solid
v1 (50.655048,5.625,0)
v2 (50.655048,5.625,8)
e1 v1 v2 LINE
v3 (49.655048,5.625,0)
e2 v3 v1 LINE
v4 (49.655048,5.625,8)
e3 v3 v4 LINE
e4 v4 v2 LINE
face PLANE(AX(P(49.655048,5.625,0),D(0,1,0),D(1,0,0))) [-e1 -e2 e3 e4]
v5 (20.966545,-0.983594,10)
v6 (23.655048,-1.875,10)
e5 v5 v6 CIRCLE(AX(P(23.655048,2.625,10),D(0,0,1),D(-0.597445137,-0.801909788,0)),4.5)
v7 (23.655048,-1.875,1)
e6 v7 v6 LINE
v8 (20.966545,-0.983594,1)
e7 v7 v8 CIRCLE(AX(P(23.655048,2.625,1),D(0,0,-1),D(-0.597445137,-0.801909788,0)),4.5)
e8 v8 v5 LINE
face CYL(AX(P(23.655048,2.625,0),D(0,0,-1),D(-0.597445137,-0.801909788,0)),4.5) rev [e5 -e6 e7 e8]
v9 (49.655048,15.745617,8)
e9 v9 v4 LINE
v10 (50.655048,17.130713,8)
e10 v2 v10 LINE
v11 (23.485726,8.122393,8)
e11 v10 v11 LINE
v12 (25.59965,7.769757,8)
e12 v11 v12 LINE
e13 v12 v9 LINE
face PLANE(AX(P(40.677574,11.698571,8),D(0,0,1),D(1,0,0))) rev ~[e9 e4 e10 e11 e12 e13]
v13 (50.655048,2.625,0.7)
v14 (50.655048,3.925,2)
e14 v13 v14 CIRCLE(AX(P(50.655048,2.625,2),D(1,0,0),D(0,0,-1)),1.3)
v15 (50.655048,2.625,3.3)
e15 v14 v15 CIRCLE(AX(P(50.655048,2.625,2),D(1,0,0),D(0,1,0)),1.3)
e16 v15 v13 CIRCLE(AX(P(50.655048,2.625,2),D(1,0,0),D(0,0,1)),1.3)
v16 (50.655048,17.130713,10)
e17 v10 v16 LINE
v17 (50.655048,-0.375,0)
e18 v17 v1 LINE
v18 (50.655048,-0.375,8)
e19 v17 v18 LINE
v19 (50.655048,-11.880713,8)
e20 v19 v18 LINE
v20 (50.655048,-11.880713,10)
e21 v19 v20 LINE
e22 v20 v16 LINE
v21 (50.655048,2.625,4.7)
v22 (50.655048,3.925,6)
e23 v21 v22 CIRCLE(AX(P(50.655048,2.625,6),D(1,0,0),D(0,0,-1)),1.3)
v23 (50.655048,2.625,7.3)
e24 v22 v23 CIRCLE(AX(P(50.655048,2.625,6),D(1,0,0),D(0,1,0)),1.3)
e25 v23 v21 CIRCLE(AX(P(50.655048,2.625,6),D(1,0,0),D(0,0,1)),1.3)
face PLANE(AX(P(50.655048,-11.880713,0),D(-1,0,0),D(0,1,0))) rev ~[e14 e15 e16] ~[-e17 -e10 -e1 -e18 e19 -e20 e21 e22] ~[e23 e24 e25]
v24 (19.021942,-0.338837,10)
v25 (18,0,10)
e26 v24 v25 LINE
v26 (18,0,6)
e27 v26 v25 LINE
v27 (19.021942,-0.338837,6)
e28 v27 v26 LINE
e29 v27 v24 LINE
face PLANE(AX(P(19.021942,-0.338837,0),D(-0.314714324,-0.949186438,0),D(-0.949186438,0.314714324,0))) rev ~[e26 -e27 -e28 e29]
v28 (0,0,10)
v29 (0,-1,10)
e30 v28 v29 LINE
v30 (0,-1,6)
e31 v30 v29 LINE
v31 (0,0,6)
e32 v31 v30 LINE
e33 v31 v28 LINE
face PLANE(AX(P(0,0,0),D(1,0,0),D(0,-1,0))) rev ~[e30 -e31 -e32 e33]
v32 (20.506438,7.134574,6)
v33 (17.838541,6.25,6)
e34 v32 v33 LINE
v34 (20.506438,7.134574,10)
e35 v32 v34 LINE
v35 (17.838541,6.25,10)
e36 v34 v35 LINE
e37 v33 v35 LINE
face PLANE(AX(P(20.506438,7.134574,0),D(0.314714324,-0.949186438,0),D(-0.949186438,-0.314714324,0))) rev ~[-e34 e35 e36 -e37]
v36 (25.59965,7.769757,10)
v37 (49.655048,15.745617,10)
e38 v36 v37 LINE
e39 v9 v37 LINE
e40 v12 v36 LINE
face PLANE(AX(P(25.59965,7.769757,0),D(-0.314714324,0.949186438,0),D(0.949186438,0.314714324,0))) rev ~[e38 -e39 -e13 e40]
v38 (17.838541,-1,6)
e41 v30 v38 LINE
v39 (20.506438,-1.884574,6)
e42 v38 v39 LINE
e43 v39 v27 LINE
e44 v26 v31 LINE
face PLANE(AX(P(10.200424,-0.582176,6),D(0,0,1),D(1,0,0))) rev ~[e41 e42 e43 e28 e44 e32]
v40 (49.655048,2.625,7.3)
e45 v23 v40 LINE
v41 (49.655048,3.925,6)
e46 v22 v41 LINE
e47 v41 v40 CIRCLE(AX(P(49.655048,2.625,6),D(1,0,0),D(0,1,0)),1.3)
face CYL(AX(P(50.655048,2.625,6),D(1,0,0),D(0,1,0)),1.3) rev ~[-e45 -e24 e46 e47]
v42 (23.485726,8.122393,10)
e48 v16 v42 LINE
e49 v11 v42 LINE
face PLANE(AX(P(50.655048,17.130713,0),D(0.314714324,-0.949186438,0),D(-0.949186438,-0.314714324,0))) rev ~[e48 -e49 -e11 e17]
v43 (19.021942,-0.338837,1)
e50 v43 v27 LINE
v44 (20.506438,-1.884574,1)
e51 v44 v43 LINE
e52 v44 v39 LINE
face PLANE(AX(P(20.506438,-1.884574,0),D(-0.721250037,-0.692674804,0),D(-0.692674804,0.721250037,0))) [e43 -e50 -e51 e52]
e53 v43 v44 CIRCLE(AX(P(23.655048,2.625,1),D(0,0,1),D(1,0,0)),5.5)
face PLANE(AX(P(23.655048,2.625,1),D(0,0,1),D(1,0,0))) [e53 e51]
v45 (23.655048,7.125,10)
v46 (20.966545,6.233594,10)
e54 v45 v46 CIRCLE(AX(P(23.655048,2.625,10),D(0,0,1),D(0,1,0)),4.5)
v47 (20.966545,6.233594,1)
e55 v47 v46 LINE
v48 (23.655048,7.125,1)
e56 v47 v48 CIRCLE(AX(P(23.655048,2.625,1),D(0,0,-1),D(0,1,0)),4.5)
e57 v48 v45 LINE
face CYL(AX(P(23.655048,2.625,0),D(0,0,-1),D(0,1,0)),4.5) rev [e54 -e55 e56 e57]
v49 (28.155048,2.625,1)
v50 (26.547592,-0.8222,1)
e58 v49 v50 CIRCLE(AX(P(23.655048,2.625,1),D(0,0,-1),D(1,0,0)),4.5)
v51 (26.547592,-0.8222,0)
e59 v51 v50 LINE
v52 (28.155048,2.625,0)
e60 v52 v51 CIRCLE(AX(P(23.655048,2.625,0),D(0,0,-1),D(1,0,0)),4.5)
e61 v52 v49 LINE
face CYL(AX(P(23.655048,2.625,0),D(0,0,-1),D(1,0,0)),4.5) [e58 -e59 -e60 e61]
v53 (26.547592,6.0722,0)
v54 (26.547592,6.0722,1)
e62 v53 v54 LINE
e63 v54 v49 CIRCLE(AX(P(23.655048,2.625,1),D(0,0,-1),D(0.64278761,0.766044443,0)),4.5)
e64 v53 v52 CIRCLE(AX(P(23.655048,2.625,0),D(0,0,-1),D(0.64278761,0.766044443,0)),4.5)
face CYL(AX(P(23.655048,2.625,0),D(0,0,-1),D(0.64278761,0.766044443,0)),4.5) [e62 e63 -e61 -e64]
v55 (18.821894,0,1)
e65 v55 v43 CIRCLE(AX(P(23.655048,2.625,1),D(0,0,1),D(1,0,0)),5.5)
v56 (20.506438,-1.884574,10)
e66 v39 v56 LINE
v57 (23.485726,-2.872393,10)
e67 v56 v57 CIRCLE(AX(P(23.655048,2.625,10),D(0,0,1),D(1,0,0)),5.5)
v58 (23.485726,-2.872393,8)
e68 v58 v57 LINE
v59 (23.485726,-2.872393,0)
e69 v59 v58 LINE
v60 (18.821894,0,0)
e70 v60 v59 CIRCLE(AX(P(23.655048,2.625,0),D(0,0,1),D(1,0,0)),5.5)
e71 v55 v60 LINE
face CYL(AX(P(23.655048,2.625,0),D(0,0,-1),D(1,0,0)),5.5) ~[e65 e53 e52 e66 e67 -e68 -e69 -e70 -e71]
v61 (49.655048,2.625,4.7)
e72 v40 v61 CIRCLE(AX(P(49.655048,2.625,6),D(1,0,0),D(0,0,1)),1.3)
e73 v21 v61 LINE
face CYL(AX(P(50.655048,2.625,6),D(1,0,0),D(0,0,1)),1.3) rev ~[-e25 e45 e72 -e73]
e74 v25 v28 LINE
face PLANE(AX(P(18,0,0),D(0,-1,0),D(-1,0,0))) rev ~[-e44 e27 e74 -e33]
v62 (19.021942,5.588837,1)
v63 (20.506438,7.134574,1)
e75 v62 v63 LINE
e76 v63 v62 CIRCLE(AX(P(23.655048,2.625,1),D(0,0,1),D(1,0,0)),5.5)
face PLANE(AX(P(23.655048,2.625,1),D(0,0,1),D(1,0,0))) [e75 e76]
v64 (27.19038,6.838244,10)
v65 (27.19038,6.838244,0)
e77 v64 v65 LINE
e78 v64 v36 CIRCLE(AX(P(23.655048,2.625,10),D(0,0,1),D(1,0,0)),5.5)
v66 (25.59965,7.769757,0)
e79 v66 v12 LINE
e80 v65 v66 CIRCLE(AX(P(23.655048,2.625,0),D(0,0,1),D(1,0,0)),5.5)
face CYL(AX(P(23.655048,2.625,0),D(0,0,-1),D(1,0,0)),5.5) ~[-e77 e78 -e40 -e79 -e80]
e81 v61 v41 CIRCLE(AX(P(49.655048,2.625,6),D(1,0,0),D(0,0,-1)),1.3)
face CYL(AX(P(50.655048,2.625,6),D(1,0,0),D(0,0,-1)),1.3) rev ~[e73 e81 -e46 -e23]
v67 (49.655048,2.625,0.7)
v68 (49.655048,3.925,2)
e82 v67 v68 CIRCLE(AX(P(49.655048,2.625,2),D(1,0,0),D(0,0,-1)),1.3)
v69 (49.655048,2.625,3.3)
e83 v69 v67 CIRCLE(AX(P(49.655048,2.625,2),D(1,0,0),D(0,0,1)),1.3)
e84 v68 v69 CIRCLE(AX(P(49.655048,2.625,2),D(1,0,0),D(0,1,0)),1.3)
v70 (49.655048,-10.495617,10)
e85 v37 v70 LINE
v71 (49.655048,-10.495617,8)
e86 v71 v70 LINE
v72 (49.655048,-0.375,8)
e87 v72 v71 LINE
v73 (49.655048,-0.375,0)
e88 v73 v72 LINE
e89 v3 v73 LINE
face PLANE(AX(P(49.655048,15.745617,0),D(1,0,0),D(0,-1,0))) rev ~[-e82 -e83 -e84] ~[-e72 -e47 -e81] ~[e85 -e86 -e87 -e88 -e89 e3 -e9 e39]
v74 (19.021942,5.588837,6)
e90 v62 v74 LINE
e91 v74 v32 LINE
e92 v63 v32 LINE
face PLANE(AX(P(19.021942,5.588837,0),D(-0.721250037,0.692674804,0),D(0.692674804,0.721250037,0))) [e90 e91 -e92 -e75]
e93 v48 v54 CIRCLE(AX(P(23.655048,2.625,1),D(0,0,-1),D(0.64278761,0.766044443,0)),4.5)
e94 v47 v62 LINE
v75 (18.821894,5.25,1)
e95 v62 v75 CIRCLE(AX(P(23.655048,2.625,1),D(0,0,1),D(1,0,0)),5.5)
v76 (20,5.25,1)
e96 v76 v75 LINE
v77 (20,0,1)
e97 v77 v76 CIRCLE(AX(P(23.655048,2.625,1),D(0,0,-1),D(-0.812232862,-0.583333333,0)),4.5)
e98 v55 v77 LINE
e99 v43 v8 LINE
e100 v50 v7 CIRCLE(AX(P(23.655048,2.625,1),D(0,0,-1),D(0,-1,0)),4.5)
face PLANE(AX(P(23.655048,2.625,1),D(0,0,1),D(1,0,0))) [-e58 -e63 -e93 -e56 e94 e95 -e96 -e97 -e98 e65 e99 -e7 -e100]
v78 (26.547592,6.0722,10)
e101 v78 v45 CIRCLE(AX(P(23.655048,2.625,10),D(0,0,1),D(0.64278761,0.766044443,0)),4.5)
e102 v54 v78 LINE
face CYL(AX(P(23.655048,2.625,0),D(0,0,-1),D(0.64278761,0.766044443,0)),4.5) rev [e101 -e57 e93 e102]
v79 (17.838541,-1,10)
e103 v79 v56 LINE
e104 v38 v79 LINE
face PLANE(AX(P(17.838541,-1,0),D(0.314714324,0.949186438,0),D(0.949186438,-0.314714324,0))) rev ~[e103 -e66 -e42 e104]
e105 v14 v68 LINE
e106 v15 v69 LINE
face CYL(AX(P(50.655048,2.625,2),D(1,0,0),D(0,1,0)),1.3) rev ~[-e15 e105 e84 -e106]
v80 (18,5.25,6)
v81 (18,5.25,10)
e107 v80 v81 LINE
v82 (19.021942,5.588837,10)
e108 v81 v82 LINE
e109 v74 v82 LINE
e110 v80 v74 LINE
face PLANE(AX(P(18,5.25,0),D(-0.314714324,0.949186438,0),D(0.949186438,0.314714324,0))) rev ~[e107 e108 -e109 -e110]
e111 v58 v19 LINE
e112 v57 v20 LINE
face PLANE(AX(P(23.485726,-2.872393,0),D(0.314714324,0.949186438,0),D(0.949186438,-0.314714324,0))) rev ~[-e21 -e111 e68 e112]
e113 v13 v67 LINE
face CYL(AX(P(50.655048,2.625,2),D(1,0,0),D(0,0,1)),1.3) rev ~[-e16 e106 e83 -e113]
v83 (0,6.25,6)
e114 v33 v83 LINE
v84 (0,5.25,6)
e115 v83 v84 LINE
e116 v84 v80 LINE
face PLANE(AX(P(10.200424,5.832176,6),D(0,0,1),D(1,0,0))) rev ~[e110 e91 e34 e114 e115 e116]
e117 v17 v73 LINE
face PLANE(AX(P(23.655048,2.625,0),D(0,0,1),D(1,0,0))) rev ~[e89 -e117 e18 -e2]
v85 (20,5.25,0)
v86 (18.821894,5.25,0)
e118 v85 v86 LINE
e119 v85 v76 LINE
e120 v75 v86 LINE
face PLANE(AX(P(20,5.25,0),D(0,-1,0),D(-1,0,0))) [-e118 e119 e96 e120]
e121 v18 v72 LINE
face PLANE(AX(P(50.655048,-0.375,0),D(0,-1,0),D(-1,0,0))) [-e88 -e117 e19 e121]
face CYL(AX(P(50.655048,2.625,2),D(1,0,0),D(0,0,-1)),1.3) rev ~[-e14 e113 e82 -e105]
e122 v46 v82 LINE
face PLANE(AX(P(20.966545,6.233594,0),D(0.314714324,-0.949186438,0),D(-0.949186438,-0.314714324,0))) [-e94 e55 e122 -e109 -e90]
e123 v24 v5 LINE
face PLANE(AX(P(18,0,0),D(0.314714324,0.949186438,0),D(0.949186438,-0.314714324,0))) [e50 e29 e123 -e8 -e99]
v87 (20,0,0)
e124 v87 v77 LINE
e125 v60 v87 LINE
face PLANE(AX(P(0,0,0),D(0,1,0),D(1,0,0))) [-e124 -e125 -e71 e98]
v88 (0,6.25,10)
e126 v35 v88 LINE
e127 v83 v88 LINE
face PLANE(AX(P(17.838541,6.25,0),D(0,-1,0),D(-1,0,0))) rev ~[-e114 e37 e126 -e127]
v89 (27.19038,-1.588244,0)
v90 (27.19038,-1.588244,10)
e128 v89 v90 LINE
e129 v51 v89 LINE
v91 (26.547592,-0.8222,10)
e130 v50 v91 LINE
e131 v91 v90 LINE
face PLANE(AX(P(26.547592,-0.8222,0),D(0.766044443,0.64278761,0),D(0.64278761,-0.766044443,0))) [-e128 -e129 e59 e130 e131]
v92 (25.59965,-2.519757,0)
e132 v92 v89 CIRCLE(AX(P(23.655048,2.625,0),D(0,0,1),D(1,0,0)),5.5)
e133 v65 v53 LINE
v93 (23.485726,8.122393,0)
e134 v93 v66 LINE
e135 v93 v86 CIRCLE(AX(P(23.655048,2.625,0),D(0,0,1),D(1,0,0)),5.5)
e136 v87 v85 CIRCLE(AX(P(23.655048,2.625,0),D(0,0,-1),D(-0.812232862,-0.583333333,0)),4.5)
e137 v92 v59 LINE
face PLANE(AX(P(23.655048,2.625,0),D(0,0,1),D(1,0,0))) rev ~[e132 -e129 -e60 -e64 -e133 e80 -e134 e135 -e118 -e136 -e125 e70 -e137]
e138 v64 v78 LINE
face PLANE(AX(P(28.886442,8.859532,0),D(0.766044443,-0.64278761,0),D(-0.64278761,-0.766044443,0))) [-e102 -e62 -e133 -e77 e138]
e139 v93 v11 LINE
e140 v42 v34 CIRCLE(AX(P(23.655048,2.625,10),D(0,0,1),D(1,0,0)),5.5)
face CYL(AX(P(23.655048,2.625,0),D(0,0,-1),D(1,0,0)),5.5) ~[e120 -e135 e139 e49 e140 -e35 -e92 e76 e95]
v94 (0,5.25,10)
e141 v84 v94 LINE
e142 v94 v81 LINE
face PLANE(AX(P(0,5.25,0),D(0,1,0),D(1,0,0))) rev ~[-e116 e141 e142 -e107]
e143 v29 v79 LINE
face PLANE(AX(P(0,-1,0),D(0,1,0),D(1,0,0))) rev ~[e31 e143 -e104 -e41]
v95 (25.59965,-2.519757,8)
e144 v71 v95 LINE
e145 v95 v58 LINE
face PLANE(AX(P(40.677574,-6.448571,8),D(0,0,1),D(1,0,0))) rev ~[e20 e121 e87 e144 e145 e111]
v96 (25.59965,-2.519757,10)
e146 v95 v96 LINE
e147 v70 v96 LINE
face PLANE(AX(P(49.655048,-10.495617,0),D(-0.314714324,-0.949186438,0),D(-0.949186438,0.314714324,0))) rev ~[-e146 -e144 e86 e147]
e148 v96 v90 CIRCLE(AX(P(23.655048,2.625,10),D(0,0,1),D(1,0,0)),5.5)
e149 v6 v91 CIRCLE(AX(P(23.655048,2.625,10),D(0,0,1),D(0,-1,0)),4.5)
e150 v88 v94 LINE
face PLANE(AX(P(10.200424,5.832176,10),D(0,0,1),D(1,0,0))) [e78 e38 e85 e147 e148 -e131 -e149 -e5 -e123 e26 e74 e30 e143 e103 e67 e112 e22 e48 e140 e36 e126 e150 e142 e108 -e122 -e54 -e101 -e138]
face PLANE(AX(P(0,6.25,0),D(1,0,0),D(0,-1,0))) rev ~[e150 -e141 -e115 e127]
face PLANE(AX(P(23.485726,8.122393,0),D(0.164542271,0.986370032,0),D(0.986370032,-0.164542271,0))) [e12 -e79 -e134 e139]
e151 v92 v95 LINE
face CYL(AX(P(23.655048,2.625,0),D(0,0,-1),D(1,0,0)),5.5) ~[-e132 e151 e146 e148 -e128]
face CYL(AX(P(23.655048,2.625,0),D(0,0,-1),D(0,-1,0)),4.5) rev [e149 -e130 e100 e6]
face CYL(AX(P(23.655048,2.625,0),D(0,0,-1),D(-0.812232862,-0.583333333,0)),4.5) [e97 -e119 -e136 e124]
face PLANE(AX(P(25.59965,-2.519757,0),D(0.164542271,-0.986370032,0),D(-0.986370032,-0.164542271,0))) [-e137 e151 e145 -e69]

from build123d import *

# Parameters (mm, degrees)
F1_R      = 5.5
F2_DEPTH  = 10
F3_DEPTH  = 10
F5_DEPTH  = 10
F6_DEPTH  = 6
F7_DEPTH  = 10
F8_DEPTH  = 1
F9_DEPTH  = 1
F10_W     = 1
F10_H     = 3
F11_DEPTH = 10
F12_DEPTH = 8
F14_DEPTH = 1


with BuildPart() as f2:
    # F1 (on Top) → F2 (new body)
    with BuildSketch(Plane.XY):
        with Locations((23.6550478793, 2.625)):
            Circle(F1_R)
    extrude(amount=F2_DEPTH)

    # F0 (on Top) → F3 (cut)
    with BuildSketch(Plane.XY):
        with BuildLine():
            ThreePointArc((28.1550478793, 2.625), (27.733432921, 0.7232178222), (26.5475921229, -0.822199994))
            Line((26.5475921229, -0.822199994), (28.8864416499, -3.6095323204))
            Line((28.8864416499, -3.6095323204), (49.6550478793, -10.4956166668))
            Line((49.6550478793, -10.4956166668), (49.6550478793, 2.625))
            Line((49.6550478793, 2.625), (28.1550478793, 2.625))
        make_face()
        with BuildLine():
            Line((28.8864416499, 8.8595323204), (26.5475921229, 6.072199994))
            ThreePointArc((26.5475921229, 6.072199994), (27.733432921, 4.5267821778), (28.1550478793, 2.625))
            Line((28.1550478793, 2.625), (49.6550478793, 2.625))
            Line((49.6550478793, 2.625), (49.6550478793, 15.7456166668))
            Line((49.6550478793, 15.7456166668), (28.8864416499, 8.8595323204))
        make_face()
        with BuildLine():
            Line((23.6550478793, 2.625), (23.6550478793, -1.875))
            ThreePointArc((23.6550478793, -1.875), (25.1941385243, -1.6036167935), (26.5475921229, -0.822199994))
            Line((26.5475921229, -0.822199994), (23.6550478793, 2.625))
        make_face()
        with BuildLine():
            ThreePointArc((20, 5.25), (19.1550478793, 2.625), (20, 0))
            ThreePointArc((20, 0), (20.4453712418, -0.5290411987), (20.9665447643, -0.9835940476))
            Line((20.9665447643, -0.9835940476), (23.6550478793, -1.875))
            Line((23.6550478793, -1.875), (23.6550478793, 2.625))
            Line((23.6550478793, 2.625), (23.6550478793, 7.125))
            Line((23.6550478793, 7.125), (20.9665447643, 6.2335940476))
            ThreePointArc((20.9665447643, 6.2335940476), (20.4453712418, 5.7790411987), (20, 5.25))
        make_face()
        with BuildLine():
            ThreePointArc((26.5475921229, 6.072199994), (25.1941385243, 6.8536167935), (23.6550478793, 7.125))
            Line((23.6550478793, 7.125), (23.6550478793, 2.625))
            Line((23.6550478793, 2.625), (26.5475921229, 6.072199994))
        make_face()
        with BuildLine():
            Line((26.5475921229, 6.072199994), (23.6550478793, 2.625))
            Line((23.6550478793, 2.625), (28.1550478793, 2.625))
            ThreePointArc((28.1550478793, 2.625), (27.733432921, 4.5267821778), (26.5475921229, 6.072199994))
        make_face()
        with BuildLine():
            Line((23.6550478793, 2.625), (26.5475921229, -0.822199994))
            ThreePointArc((26.5475921229, -0.822199994), (27.733432921, 0.7232178222), (28.1550478793, 2.625))
            Line((28.1550478793, 2.625), (23.6550478793, 2.625))
        make_face()
        with BuildLine():
            Line((23.6550478793, -1.875), (20.9665447643, -0.9835940476))
            ThreePointArc((20.9665447643, -0.9835940476), (22.2388334206, -1.6463389712), (23.6550478793, -1.875))
        make_face()
        with BuildLine():
            ThreePointArc((23.6550478793, 7.125), (22.2388334206, 6.8963389712), (20.9665447643, 6.2335940476))
            Line((20.9665447643, 6.2335940476), (23.6550478793, 7.125))
        make_face()
    extrude(amount=F3_DEPTH, mode=Mode.SUBTRACT)

    # F4 (on Top) → F5 (join)
    with BuildSketch(Plane.XY):
        Polygon((0, 5.25), (18, 5.25), (19.0219422369, 5.5888373954), (20.506438149, 7.1345739007), (17.8385406763, 6.25), (0, 6.25), align=None)
        Polygon((19.0219422369, -0.3388373954), (18, 0), (0, 0), (0, -1), (17.8385406763, -1), (20.506438149, -1.8845739007), align=None)
    extrude(amount=F5_DEPTH)

    # F4 (on Top) → F6 (cut)
    with BuildSketch(Plane.XY):
        Polygon((0, 5.25), (18, 5.25), (19.0219422369, 5.5888373954), (20.506438149, 7.1345739007), (17.8385406763, 6.25), (0, 6.25), align=None)
        Polygon((19.0219422369, -0.3388373954), (18, 0), (0, 0), (0, -1), (17.8385406763, -1), (20.506438149, -1.8845739007), align=None)
    extrude(amount=F6_DEPTH, mode=Mode.SUBTRACT)

    # F0 (on Top) → F7 (cut)
    with BuildSketch(Plane.XY):
        with BuildLine():
            Line((0, 5.25), (0, 0))
            Line((0, 0), (18, 0))
            Line((18, 0), (20, 0))
            ThreePointArc((20, 0), (19.1550478793, 2.625), (20, 5.25))
            Line((20, 5.25), (18, 5.25))
            Line((18, 5.25), (0, 5.25))
        make_face()
        with BuildLine():
            Line((20, 0), (18, 0))
            Line((18, 0), (20.9665447643, -0.9835940476))
            ThreePointArc((20.9665447643, -0.9835940476), (20.4453712418, -0.5290411987), (20, 0))
        make_face()
        with BuildLine():
            Line((20.9665447643, 6.2335940476), (18, 5.25))
            Line((18, 5.25), (20, 5.25))
            ThreePointArc((20, 5.25), (20.4453712418, 5.7790411987), (20.9665447643, 6.2335940476))
        make_face()
    extrude(amount=F7_DEPTH, mode=Mode.SUBTRACT)

    # F1 (on Top) → F8 (join)
    with BuildSketch(Plane.XY):
        with Locations((23.6550478793, 2.625)):
            Circle(F1_R)
    extrude(amount=F8_DEPTH)

    # F0 (on Top) → F9 (cut)
    with BuildSketch(Plane.XY):
        with BuildLine():
            Line((0, 5.25), (0, 0))
            Line((0, 0), (18, 0))
            Line((18, 0), (20, 0))
            ThreePointArc((20, 0), (19.1550478793, 2.625), (20, 5.25))
            Line((20, 5.25), (18, 5.25))
            Line((18, 5.25), (0, 5.25))
        make_face()
        with BuildLine():
            ThreePointArc((28.1550478793, 2.625), (27.733432921, 0.7232178222), (26.5475921229, -0.822199994))
            Line((26.5475921229, -0.822199994), (28.8864416499, -3.6095323204))
            Line((28.8864416499, -3.6095323204), (49.6550478793, -10.4956166668))
            Line((49.6550478793, -10.4956166668), (49.6550478793, 2.625))
            Line((49.6550478793, 2.625), (28.1550478793, 2.625))
        make_face()
        with BuildLine():
            Line((28.8864416499, 8.8595323204), (26.5475921229, 6.072199994))
            ThreePointArc((26.5475921229, 6.072199994), (27.733432921, 4.5267821778), (28.1550478793, 2.625))
            Line((28.1550478793, 2.625), (49.6550478793, 2.625))
            Line((49.6550478793, 2.625), (49.6550478793, 15.7456166668))
            Line((49.6550478793, 15.7456166668), (28.8864416499, 8.8595323204))
        make_face()
    extrude(amount=F9_DEPTH, mode=Mode.SUBTRACT)

    # F10 (on Top) → F11 (join)
    with BuildSketch(Plane.XY):
        Polygon((23.4857258463, 8.122393023), (25.5996504067, 7.7697566522), (49.6550478793, 15.7456166668), (49.6550478793, 5.625), (50.6550478793, 5.625), (50.6550478793, 17.1307126516), align=None)
        Polygon((50.6550478793, -0.375), (49.6550478793, -0.375), (49.6550478793, -10.4956166668), (25.5996504067, -2.5197566522), (23.4857258463, -2.872393023), (50.6550478793, -11.8807126516), align=None)
        with Locations((50.1550478793, 1.125)):
            Rectangle(F10_W, F10_H)
        with Locations((50.1550478793, 4.125)):
            Rectangle(F10_W, F10_H)
    extrude(amount=F11_DEPTH)

    # F10 (on Top) → F12 (cut)
    with BuildSketch(Plane.XY):
        Polygon((23.4857258463, 8.122393023), (25.5996504067, 7.7697566522), (49.6550478793, 15.7456166668), (49.6550478793, 5.625), (50.6550478793, 5.625), (50.6550478793, 17.1307126516), align=None)
        Polygon((50.6550478793, -0.375), (49.6550478793, -0.375), (49.6550478793, -10.4956166668), (25.5996504067, -2.5197566522), (23.4857258463, -2.872393023), (50.6550478793, -11.8807126516), align=None)
    extrude(amount=F12_DEPTH, mode=Mode.SUBTRACT)

    # F13 (on face) → F14 (cut)
    with BuildSketch(Plane.YZ.offset(50.6550478793)):
        with BuildLine():
            ThreePointArc((2.625, 4.7), (3.5442388155, 5.0807611845), (3.925, 6))
            ThreePointArc((3.925, 6), (3.5442388155, 6.9192388155), (2.625, 7.3))
            Line((2.625, 7.3), (2.625, 4.7))
        make_face()
        with BuildLine():
            ThreePointArc((3.925, 2), (3.5442388155, 2.9192388155), (2.625, 3.3))
            Line((2.625, 3.3), (2.625, 0.7))
            ThreePointArc((2.625, 0.7), (3.5442388155, 1.0807611845), (3.925, 2))
        make_face()
        with BuildLine():
            Line((2.625, 0.7), (2.625, 3.3))
            ThreePointArc((2.625, 3.3), (1.325, 2), (2.625, 0.7))
        make_face()
        with BuildLine():
            Line((2.625, 4.7), (2.625, 7.3))
            ThreePointArc((2.625, 7.3), (1.325, 6), (2.625, 4.7))
        make_face()
    extrude(amount=-F14_DEPTH, mode=Mode.SUBTRACT)


solid = f2.part
